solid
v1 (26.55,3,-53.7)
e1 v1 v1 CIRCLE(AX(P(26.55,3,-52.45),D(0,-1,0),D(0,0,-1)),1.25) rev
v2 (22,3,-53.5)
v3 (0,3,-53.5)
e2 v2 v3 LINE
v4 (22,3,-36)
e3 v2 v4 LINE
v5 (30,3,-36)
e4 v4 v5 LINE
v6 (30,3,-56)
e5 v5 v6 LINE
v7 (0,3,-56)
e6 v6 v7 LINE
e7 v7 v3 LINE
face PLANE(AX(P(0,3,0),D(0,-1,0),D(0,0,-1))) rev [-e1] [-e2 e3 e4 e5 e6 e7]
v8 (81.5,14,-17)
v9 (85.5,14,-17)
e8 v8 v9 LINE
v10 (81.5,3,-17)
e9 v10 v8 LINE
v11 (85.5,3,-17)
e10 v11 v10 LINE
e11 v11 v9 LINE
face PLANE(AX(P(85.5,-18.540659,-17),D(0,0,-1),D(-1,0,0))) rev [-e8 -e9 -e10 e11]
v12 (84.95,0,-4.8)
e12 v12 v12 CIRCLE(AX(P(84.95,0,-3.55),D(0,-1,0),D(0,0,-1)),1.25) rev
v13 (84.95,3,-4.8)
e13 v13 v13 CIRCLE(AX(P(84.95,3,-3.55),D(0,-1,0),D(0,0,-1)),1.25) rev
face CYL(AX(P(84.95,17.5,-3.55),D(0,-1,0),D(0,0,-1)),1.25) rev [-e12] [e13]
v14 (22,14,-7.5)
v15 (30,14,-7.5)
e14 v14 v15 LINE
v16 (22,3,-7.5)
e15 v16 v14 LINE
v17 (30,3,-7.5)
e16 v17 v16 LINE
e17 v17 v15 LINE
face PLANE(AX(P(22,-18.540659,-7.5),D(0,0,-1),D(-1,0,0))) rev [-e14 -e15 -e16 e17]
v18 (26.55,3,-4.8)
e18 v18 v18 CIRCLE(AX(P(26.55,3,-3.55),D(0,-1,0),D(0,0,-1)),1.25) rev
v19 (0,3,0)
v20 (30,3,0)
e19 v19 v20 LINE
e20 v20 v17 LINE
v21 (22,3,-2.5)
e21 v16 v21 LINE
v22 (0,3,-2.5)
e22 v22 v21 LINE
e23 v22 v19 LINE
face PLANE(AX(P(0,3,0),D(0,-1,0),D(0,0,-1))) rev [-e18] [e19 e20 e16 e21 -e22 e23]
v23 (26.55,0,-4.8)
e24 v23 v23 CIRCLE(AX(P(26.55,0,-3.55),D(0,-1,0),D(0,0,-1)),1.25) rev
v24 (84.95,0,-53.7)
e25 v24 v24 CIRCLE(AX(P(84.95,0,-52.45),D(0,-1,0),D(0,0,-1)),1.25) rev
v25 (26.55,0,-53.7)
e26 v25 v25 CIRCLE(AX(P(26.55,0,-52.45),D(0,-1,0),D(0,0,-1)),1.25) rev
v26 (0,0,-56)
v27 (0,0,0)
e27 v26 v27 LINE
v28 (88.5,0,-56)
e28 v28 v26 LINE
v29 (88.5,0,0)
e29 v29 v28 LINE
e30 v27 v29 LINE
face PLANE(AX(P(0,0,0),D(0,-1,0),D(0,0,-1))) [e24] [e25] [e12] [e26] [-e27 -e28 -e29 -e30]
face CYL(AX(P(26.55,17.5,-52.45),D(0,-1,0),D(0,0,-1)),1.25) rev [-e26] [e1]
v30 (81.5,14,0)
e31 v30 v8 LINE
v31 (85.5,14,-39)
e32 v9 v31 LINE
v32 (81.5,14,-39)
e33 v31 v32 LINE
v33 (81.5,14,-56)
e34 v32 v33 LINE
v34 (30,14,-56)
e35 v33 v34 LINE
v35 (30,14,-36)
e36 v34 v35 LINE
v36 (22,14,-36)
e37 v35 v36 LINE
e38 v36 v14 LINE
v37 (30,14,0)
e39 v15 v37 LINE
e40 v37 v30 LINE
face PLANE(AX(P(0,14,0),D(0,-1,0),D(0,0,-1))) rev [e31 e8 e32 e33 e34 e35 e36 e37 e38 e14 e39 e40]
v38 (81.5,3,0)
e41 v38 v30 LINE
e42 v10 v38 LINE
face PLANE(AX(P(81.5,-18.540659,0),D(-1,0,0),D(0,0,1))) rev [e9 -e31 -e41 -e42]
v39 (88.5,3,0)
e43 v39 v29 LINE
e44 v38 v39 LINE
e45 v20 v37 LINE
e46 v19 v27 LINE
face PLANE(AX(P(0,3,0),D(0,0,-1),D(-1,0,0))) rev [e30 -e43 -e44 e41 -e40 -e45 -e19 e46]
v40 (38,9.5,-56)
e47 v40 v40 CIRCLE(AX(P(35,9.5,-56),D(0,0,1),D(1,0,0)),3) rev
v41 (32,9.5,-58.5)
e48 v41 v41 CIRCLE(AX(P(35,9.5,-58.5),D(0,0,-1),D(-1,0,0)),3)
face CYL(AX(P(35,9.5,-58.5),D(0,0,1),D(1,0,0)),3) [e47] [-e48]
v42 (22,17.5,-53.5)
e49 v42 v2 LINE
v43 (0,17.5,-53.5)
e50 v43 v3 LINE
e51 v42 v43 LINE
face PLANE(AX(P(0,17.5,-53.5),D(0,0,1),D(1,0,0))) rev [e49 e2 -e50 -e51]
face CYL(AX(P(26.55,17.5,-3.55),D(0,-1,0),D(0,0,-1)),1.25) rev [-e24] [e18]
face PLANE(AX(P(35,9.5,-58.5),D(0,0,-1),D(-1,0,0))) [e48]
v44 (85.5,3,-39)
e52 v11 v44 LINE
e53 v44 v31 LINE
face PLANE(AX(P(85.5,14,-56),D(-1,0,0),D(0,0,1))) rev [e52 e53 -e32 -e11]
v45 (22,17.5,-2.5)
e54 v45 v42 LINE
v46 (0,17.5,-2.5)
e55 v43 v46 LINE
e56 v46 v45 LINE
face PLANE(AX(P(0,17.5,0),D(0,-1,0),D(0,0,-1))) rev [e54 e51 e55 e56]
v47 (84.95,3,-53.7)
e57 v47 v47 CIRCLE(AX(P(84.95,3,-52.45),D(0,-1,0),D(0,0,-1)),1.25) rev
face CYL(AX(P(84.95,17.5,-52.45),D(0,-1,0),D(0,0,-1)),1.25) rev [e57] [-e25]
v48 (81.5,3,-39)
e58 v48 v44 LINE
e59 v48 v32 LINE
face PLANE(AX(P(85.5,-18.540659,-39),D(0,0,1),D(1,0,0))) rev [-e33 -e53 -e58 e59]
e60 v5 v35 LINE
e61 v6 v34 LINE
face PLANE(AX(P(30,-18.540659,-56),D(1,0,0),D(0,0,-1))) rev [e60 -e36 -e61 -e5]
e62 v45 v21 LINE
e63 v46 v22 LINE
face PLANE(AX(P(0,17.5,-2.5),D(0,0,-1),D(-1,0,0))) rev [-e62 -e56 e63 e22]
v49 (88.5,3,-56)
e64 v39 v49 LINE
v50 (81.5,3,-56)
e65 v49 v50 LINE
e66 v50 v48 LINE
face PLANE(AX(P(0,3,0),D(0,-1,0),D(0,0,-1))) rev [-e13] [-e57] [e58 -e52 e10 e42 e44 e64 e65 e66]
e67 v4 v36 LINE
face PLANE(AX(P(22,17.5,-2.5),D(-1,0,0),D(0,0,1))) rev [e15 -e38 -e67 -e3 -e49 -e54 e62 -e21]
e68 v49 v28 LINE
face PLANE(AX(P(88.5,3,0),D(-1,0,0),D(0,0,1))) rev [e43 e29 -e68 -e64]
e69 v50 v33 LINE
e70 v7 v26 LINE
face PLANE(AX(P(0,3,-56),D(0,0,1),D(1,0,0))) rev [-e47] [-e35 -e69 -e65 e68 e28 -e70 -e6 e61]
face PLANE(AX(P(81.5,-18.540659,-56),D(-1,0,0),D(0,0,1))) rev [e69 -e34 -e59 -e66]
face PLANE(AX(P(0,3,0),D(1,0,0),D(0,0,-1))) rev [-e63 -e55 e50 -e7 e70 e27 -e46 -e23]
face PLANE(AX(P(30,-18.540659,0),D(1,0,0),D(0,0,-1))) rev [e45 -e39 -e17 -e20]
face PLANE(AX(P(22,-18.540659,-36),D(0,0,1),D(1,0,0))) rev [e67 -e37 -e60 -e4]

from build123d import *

# Parameters (mm, degrees)
SKETCH2_W               = 88.5
SKETCH2_H               = 56
BOSS_EXTRUDE1_DEPTH     = 3
SKETCH3_W               = 63.5
SKETCH3_H               = 56
BOSS_EXTRUDE2_DEPTH     = 11
SKETCH4_W               = 22
SKETCH4_H               = 51
BOSS_EXTRUDE3_DEPTH     = 14.5
SKETCH5_W               = 4
SKETCH5_H               = 17
SKETCH5_W_2             = 8
SKETCH5_H_2             = 7.5
SKETCH5_H_3             = 20
CUT_EXTRUDE1_DEPTH      = 4.5
CUT_EXTRUDE1_DEPTH_BACK = 11
SKETCH6_R               = 1.25
CUT_EXTRUDE2_DEPTH      = 18.5
CUT_EXTRUDE2_DEPTH_BACK = 1
SKETCH8_R               = 3
BOSS_EXTRUDE4_DEPTH     = 2.5


with BuildPart() as part:
    # Sketch2 → Boss-Extrude1 (new body)
    with BuildSketch(Plane(origin=(0, 0, 0), x_dir=(1, 0, 0), z_dir=(0, 1, 0))):
        with Locations((44.25, 28)):
            Rectangle(SKETCH2_W, SKETCH2_H)
    extrude(amount=BOSS_EXTRUDE1_DEPTH)

    # Sketch3 → Boss-Extrude2 (add)
    with BuildSketch(Plane(origin=(0, 3, 0), x_dir=(1, 0, 0), z_dir=(0, 1, 0))):
        with Locations((53.75, 28)):
            Rectangle(SKETCH3_W, SKETCH3_H)
    extrude(amount=BOSS_EXTRUDE2_DEPTH)

    # Sketch4 → Boss-Extrude3 (add)
    with BuildSketch(Plane(origin=(0, 3, 0), x_dir=(1, 0, 0), z_dir=(0, 1, 0))):
        with Locations((11, 28)):
            Rectangle(SKETCH4_W, SKETCH4_H)
    extrude(amount=BOSS_EXTRUDE3_DEPTH)

    # Sketch5 → Cut-Extrude1 (cut, two sides)
    with BuildSketch(Plane(origin=(0, 14, 0), x_dir=(1, 0, 0), z_dir=(0, 1, 0))) as cut_extrude1_sk:
        with Locations((83.5, 8.5)):
            Rectangle(SKETCH5_W, SKETCH5_H)
        with Locations((83.5, 47.5)):
            Rectangle(SKETCH5_W, SKETCH5_H)
        with Locations((26, 3.75)):
            Rectangle(SKETCH5_W_2, SKETCH5_H_2)
        with Locations((26, 46)):
            Rectangle(SKETCH5_W_2, SKETCH5_H_3)
    extrude(amount=CUT_EXTRUDE1_DEPTH, mode=Mode.SUBTRACT)
    extrude(cut_extrude1_sk.sketch, amount=-CUT_EXTRUDE1_DEPTH_BACK, mode=Mode.SUBTRACT)

    # Sketch6 → Cut-Extrude2 (cut, two sides)
    with BuildSketch(Plane(origin=(0, 0, 0), x_dir=(1, 0, 0), z_dir=(0, 1, 0))) as cut_extrude2_sk:
        with Locations((84.95, 52.45)):
            Circle(SKETCH6_R)
        with Locations((84.95, 3.55)):
            Circle(SKETCH6_R)
        with Locations((26.55, 3.55)):
            Circle(SKETCH6_R)
        with Locations((26.55, 52.45)):
            Circle(SKETCH6_R)
    extrude(amount=CUT_EXTRUDE2_DEPTH, mode=Mode.SUBTRACT)
    extrude(cut_extrude2_sk.sketch, amount=-CUT_EXTRUDE2_DEPTH_BACK, mode=Mode.SUBTRACT)

    # Sketch8 → Boss-Extrude4 (add)
    with BuildSketch(Plane(origin=(0, 0, -56), x_dir=(-1, 0, 0), z_dir=(0, 0, -1))):
        with Locations((-35, 9.5)):
            Circle(SKETCH8_R)
    extrude(amount=BOSS_EXTRUDE4_DEPTH)


solid = part.part
